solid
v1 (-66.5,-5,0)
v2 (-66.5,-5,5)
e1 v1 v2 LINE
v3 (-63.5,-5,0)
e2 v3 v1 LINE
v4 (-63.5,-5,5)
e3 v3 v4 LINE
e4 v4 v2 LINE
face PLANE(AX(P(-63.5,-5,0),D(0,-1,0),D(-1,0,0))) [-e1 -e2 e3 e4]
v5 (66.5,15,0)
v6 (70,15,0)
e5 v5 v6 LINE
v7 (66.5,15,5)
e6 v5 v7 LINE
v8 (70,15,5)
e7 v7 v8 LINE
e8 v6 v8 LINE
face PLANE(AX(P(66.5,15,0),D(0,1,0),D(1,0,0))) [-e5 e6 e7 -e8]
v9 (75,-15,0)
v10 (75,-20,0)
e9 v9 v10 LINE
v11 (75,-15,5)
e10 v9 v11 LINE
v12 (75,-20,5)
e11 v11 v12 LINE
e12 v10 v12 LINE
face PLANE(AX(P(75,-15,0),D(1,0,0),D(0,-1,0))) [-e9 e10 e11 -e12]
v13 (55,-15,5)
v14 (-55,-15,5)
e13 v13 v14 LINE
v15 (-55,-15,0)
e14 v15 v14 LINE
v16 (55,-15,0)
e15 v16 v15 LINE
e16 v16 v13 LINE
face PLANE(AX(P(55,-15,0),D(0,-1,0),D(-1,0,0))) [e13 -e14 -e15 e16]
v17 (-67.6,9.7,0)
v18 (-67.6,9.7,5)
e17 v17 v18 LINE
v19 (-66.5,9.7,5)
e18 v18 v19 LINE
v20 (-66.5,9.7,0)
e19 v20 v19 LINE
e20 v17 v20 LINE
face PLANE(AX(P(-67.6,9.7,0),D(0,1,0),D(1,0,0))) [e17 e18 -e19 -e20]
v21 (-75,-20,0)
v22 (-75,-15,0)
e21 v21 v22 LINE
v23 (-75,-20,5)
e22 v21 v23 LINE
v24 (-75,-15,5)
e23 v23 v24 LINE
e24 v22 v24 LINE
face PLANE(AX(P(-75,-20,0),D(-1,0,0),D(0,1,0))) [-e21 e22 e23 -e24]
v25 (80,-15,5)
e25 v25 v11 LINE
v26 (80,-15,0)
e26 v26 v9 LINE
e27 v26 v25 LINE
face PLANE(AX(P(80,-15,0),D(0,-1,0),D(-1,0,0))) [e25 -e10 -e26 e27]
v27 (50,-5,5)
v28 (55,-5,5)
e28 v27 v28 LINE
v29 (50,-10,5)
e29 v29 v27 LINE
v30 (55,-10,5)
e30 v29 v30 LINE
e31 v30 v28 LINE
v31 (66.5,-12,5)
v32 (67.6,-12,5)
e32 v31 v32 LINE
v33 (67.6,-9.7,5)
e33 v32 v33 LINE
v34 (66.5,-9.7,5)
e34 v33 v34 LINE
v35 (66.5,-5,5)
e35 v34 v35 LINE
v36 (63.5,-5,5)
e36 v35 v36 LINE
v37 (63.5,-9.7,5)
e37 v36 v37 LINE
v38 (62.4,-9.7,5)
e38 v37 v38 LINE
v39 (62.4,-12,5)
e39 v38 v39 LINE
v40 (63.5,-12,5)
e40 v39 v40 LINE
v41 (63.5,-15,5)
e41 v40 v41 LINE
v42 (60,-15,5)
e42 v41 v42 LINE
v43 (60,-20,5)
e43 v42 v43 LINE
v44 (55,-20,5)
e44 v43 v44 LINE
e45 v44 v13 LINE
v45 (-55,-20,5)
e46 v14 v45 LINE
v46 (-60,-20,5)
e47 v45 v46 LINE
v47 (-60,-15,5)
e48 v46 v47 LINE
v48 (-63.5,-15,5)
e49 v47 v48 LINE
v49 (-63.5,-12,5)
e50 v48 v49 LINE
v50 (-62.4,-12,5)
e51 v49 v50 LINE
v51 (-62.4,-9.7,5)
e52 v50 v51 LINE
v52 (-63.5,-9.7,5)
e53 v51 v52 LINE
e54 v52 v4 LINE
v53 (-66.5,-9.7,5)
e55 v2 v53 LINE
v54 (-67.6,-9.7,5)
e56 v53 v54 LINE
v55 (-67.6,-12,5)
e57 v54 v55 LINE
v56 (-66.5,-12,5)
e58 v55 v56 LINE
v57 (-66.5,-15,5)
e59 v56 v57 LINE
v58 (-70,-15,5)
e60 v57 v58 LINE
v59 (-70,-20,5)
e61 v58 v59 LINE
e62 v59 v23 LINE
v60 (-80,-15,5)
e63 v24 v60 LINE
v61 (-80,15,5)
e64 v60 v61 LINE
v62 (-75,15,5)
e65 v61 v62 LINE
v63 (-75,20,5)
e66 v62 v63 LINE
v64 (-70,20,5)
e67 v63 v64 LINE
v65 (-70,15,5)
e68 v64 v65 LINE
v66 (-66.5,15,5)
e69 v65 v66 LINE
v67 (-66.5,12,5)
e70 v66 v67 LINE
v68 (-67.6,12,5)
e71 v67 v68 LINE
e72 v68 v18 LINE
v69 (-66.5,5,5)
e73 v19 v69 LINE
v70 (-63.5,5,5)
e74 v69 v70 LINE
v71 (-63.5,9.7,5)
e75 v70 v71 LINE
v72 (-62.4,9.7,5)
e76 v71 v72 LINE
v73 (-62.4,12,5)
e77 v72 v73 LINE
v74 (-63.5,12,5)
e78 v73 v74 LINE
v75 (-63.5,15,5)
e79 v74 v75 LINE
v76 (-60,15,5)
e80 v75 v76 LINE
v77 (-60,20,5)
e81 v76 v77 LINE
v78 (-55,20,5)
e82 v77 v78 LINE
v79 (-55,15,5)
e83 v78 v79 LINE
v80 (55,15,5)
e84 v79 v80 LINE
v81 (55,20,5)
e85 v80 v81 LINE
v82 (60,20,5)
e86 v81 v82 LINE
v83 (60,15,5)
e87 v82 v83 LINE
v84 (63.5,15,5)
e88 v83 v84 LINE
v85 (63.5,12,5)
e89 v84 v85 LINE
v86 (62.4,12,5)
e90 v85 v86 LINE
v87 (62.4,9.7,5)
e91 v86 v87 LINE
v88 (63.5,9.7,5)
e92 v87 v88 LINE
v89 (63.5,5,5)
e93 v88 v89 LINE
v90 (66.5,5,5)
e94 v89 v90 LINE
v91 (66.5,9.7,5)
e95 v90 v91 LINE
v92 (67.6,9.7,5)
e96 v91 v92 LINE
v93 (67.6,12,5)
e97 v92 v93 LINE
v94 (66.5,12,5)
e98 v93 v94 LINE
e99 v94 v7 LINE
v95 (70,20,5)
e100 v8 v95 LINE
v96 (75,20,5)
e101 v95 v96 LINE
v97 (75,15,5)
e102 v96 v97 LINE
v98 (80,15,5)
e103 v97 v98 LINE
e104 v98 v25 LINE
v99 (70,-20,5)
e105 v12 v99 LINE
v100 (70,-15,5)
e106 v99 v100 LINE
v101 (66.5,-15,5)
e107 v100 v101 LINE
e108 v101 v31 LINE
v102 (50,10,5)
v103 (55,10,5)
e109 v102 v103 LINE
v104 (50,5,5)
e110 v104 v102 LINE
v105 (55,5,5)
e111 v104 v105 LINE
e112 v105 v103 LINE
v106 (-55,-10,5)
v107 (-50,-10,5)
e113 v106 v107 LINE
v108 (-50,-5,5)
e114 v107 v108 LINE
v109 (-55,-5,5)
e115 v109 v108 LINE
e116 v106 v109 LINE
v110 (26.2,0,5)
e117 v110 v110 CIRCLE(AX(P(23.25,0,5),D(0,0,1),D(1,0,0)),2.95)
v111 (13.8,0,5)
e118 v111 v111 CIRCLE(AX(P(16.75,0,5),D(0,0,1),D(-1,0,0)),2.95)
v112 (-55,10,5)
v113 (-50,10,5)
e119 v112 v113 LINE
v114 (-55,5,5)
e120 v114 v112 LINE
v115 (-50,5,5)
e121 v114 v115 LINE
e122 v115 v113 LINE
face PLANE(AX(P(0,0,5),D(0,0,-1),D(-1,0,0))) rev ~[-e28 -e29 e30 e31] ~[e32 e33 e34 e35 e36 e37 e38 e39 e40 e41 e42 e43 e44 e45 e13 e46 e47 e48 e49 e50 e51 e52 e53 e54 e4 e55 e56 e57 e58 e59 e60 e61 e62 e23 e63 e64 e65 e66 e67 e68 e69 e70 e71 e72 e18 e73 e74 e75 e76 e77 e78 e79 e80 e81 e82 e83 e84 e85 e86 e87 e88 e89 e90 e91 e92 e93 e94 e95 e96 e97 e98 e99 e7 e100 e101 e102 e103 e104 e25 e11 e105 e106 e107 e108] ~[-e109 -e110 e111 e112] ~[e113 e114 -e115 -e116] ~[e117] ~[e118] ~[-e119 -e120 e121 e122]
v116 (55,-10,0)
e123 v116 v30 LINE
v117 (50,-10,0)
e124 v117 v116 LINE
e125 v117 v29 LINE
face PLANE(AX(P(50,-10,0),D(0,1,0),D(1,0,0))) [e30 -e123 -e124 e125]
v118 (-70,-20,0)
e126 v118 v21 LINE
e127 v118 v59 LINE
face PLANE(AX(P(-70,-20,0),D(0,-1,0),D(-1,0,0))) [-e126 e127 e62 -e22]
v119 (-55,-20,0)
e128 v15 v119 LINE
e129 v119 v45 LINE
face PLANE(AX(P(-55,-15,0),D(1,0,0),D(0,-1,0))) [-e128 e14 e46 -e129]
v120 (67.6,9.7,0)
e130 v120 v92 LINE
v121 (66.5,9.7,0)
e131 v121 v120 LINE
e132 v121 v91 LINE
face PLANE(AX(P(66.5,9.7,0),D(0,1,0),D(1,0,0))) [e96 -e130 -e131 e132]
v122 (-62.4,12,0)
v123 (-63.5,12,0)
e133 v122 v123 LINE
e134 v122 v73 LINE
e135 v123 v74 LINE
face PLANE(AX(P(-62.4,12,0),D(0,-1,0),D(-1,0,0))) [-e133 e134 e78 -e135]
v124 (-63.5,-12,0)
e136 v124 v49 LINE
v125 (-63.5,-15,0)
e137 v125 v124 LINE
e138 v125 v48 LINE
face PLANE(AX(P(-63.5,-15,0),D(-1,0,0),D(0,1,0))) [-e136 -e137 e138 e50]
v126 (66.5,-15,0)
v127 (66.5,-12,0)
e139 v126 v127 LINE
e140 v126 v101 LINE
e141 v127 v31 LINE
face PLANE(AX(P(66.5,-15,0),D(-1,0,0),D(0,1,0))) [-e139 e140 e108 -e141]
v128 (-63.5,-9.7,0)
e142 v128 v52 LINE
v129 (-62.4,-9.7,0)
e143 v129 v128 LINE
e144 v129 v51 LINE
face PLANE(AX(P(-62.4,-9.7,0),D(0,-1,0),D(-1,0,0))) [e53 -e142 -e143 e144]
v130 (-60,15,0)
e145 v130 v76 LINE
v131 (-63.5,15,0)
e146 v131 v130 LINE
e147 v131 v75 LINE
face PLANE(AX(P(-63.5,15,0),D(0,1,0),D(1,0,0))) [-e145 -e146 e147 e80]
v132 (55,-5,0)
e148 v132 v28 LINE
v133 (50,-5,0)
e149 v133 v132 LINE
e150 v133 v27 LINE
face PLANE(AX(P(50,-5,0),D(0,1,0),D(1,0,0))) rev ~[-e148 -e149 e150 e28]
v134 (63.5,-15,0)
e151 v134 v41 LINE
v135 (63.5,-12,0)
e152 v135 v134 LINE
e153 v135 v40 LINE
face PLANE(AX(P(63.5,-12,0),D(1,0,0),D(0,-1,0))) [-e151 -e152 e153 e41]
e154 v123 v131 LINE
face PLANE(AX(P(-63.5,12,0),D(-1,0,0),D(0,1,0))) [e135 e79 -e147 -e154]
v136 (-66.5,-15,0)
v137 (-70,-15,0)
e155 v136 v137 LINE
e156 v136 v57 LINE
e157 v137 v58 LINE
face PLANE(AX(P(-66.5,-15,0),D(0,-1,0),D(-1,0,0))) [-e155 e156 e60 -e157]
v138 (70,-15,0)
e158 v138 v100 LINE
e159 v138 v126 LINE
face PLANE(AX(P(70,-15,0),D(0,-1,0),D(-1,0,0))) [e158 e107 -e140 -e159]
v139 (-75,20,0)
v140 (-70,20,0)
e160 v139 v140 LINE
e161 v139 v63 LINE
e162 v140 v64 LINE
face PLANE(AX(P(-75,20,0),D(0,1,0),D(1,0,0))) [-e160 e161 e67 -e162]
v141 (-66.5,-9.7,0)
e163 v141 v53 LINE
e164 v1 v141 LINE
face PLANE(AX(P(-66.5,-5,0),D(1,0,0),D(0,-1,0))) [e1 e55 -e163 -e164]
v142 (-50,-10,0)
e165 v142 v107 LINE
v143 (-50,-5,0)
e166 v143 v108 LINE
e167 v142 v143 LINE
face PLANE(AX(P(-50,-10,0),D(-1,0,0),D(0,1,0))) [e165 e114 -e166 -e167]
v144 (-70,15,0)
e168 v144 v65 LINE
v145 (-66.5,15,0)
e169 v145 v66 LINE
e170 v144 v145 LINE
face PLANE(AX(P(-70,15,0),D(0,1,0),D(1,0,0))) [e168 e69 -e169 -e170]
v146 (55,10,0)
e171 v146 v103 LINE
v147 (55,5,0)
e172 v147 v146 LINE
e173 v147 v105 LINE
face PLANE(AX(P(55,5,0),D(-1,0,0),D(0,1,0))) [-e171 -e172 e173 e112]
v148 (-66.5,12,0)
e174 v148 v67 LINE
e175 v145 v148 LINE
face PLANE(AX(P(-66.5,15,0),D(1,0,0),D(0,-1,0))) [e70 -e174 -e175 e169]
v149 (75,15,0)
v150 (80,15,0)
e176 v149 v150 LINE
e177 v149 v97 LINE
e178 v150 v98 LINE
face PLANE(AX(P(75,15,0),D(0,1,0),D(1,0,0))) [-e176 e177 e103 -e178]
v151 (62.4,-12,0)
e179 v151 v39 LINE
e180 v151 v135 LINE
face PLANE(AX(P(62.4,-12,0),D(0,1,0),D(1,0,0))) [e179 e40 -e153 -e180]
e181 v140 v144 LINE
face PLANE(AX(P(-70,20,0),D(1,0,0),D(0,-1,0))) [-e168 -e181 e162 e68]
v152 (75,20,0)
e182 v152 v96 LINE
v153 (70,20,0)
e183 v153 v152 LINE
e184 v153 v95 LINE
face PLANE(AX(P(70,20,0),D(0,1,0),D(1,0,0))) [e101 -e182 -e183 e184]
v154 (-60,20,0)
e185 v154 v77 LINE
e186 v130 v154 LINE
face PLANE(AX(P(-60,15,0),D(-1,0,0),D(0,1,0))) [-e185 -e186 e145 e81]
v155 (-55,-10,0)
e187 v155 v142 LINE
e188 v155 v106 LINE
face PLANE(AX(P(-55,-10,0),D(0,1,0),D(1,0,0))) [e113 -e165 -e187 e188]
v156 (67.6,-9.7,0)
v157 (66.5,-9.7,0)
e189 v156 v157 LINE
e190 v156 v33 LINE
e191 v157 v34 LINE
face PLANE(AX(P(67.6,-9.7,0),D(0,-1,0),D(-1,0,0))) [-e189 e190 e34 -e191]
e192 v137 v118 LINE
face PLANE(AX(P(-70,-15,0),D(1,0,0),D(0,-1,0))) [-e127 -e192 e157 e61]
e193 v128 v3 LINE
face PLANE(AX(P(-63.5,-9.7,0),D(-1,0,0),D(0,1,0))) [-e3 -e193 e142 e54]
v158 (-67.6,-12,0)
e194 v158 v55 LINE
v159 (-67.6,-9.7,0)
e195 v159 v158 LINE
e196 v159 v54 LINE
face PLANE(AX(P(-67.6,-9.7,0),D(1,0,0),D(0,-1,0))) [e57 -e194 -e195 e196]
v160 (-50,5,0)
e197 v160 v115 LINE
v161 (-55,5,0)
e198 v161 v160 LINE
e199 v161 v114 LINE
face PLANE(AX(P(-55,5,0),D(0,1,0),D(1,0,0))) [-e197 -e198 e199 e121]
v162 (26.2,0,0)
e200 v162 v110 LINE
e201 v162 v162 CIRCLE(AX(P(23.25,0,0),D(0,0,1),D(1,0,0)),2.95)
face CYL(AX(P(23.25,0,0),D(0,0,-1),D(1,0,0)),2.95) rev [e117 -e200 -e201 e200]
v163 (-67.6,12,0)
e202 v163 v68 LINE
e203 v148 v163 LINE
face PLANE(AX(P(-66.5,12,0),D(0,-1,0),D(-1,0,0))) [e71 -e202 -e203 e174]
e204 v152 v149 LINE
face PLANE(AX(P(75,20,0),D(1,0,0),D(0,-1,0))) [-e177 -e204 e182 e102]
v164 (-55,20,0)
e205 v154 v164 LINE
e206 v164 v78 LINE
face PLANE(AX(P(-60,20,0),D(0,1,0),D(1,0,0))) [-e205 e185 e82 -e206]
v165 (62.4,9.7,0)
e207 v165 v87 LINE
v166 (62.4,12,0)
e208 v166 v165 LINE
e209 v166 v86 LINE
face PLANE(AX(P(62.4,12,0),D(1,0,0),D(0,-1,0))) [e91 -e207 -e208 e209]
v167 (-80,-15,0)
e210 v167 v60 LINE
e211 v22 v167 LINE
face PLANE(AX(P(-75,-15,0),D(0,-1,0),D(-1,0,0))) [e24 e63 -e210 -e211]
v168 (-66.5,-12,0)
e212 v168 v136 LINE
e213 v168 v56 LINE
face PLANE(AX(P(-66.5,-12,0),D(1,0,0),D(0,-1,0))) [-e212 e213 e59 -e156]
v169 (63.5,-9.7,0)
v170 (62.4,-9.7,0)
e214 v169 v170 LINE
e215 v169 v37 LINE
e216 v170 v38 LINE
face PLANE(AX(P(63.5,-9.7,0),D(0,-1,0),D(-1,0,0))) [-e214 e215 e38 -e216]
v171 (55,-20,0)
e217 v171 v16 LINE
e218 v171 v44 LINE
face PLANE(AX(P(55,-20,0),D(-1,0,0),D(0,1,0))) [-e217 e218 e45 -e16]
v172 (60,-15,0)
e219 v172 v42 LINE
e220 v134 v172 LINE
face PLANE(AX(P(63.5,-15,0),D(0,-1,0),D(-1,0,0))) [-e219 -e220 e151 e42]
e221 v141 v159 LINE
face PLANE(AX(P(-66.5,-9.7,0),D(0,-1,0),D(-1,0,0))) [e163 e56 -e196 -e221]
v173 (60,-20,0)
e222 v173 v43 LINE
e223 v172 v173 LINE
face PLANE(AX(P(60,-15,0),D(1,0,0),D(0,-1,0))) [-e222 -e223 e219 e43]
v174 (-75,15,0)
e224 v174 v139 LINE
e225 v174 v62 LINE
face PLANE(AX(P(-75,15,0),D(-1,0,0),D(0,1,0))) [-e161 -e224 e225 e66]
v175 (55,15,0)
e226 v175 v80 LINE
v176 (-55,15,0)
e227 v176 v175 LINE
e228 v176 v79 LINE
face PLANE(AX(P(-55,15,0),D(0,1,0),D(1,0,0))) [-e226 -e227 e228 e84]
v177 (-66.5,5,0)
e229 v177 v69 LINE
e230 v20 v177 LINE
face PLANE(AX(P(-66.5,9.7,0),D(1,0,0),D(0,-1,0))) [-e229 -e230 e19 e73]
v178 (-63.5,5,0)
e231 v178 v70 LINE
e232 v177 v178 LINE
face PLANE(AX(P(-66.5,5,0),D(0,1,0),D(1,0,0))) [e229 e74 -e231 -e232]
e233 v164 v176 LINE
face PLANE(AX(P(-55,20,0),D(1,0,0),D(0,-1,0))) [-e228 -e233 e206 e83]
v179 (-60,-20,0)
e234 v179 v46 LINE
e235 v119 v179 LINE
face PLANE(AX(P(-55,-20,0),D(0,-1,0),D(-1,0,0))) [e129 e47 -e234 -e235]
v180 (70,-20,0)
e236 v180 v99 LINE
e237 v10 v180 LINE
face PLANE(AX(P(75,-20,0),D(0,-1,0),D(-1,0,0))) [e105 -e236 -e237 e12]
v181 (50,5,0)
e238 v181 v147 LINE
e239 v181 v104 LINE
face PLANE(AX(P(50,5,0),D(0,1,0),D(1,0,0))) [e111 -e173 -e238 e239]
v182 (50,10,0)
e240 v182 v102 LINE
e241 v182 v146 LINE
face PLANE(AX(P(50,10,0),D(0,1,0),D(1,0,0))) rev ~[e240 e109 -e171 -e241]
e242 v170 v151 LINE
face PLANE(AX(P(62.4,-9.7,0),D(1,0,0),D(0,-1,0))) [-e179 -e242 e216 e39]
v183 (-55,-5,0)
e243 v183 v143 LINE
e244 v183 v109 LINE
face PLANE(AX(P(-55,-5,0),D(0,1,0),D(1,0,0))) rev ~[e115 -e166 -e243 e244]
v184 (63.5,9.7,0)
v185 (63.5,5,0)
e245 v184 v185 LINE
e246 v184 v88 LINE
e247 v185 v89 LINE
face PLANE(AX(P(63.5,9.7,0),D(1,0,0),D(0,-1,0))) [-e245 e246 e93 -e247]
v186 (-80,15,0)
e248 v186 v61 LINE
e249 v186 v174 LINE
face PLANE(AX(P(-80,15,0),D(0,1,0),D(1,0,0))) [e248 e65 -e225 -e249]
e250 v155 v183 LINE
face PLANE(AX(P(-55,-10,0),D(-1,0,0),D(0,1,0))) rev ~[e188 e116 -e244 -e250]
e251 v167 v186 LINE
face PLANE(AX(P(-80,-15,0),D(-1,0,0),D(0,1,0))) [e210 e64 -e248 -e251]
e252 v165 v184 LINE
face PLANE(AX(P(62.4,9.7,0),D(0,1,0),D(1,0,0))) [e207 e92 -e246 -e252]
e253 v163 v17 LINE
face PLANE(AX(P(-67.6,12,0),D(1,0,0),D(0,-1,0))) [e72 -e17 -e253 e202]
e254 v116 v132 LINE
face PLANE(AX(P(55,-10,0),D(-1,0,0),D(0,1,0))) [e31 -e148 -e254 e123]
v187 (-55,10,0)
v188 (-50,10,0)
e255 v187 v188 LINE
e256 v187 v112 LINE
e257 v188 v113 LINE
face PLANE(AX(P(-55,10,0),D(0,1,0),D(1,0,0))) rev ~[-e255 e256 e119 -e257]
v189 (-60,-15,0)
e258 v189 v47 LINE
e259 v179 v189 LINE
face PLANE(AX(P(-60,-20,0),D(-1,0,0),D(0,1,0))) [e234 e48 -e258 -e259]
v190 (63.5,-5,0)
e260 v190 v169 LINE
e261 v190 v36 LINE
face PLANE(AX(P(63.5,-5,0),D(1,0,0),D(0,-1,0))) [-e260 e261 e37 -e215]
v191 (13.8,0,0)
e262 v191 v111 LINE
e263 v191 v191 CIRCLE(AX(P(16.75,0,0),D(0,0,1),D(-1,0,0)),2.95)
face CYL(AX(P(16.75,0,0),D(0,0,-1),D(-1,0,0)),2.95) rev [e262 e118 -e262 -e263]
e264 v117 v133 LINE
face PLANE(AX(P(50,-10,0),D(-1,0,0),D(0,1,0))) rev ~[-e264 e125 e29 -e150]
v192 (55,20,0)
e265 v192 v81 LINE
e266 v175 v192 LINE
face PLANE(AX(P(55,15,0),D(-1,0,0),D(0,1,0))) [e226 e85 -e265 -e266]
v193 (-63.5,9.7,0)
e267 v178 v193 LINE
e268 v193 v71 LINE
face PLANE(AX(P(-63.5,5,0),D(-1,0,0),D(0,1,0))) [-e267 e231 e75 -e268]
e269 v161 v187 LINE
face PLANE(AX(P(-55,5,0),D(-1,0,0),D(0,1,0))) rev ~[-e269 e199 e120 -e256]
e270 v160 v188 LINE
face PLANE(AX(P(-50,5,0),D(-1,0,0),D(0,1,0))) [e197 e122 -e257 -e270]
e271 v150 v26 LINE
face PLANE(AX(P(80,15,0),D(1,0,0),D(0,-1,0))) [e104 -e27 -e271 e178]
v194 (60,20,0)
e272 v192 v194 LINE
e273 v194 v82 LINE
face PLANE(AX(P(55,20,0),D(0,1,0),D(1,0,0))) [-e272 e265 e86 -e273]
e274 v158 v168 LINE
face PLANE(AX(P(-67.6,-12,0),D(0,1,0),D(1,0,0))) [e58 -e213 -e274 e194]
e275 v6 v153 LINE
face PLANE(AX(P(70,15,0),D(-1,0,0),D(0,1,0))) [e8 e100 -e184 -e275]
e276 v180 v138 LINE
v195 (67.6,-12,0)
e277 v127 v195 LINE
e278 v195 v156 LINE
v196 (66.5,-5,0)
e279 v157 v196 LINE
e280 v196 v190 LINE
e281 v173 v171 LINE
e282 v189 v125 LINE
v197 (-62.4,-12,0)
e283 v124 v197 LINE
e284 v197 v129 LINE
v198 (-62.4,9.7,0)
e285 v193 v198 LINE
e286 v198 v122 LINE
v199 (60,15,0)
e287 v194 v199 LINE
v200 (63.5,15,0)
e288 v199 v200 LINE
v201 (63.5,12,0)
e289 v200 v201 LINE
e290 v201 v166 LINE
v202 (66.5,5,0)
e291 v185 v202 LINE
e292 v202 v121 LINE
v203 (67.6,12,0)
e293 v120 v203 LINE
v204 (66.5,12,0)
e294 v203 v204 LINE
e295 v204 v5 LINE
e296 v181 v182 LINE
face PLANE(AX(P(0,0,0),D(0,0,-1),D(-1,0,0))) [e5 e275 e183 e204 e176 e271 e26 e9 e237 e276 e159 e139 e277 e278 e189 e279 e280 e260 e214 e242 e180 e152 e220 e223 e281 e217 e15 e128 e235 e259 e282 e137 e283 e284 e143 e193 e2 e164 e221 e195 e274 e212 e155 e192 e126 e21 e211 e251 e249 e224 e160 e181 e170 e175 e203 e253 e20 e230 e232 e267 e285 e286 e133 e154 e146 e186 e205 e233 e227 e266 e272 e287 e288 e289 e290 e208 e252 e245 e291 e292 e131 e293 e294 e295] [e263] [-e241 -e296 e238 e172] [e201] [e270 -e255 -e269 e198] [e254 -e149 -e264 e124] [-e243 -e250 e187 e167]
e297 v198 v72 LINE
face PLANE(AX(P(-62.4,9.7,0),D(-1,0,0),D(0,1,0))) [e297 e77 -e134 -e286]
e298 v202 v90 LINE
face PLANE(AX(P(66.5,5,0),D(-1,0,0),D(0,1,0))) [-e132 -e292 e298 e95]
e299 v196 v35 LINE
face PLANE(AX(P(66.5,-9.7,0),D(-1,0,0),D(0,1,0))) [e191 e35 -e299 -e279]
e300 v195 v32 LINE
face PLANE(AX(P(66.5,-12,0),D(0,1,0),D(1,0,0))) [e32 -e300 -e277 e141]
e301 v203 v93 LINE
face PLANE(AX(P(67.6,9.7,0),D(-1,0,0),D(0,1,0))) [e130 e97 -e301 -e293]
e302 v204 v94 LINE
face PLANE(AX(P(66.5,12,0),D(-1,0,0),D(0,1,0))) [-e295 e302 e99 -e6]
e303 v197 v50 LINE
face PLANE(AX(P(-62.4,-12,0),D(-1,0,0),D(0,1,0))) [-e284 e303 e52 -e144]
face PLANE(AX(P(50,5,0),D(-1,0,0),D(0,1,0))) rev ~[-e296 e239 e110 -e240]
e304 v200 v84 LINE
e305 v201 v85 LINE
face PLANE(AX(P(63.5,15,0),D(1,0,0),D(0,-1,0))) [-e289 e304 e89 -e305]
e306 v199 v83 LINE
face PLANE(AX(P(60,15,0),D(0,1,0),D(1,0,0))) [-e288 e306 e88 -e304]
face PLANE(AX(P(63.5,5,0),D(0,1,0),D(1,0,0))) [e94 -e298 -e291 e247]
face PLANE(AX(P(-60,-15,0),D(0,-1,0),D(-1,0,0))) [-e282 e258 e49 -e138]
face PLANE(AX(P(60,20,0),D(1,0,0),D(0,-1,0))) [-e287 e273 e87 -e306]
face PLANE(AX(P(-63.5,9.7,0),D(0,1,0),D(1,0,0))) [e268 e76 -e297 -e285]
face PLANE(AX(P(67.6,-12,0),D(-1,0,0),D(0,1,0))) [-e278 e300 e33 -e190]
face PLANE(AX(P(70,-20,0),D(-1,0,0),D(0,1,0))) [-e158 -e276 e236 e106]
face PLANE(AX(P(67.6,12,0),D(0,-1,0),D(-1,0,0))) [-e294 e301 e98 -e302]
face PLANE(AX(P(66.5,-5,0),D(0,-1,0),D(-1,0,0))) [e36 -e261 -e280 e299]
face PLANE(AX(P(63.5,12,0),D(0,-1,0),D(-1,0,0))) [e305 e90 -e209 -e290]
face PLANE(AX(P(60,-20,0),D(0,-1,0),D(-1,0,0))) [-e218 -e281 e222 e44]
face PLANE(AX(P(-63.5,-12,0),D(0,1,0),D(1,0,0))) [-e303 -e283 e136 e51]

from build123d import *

# Parameters (mm, degrees)
SKETCH2_R           = 2.95
SKETCH2_W           = 5
SKETCH2_H           = 5
BOSS_EXTRUDE1_DEPTH = 5


with BuildPart() as part:
    # Sketch2 → Boss-Extrude1 (new body)
    with BuildSketch(Plane.XY):
        Polygon((66.5, 15), (70, 15), (70, 20), (75, 20), (75, 15), (80, 15), (80, -15), (75, -15), (75, -20), (70, -20), (70, -15), (66.5, -15), (66.5, -12), (67.6, -12), (67.6, -9.7), (66.5, -9.7), (66.5, -5), (63.5, -5), (63.5, -9.7), (62.4, -9.7), (62.4, -12), (63.5, -12), (63.5, -15), (60, -15), (60, -20), (55, -20), (55, -15), (-55, -15), (-55, -20), (-60, -20), (-60, -15), (-63.5, -15), (-63.5, -12), (-62.4, -12), (-62.4, -9.7), (-63.5, -9.7), (-63.5, -5), (-66.5, -5), (-66.5, -9.7), (-67.6, -9.7), (-67.6, -12), (-66.5, -12), (-66.5, -15), (-70, -15), (-70, -20), (-75, -20), (-75, -15), (-80, -15), (-80, 15), (-75, 15), (-75, 20), (-70, 20), (-70, 15), (-66.5, 15), (-66.5, 12), (-67.6, 12), (-67.6, 9.7), (-66.5, 9.7), (-66.5, 5), (-63.5, 5), (-63.5, 9.7), (-62.4, 9.7), (-62.4, 12), (-63.5, 12), (-63.5, 15), (-60, 15), (-60, 20), (-55, 20), (-55, 15), (55, 15), (55, 20), (60, 20), (60, 15), (63.5, 15), (63.5, 12), (62.4, 12), (62.4, 9.7), (63.5, 9.7), (63.5, 5), (66.5, 5), (66.5, 9.7), (67.6, 9.7), (67.6, 12), (66.5, 12), align=None)
        with Locations((23.25, 0)):
            Circle(SKETCH2_R, mode=Mode.SUBTRACT)
        with Locations(Location((16.75, 0, 0), (0, 0, 180))):
            Circle(SKETCH2_R, mode=Mode.SUBTRACT)
        with Locations((52.5, 7.5)):
            Rectangle(SKETCH2_W, SKETCH2_H, mode=Mode.SUBTRACT)
        with Locations((52.5, -7.5)):
            Rectangle(SKETCH2_W, SKETCH2_H, mode=Mode.SUBTRACT)
        with Locations((-52.5, 7.5)):
            Rectangle(SKETCH2_W, SKETCH2_H, mode=Mode.SUBTRACT)
        with Locations((-52.5, -7.5)):
            Rectangle(SKETCH2_W, SKETCH2_H, mode=Mode.SUBTRACT)
    extrude(amount=BOSS_EXTRUDE1_DEPTH)


solid = part.part
